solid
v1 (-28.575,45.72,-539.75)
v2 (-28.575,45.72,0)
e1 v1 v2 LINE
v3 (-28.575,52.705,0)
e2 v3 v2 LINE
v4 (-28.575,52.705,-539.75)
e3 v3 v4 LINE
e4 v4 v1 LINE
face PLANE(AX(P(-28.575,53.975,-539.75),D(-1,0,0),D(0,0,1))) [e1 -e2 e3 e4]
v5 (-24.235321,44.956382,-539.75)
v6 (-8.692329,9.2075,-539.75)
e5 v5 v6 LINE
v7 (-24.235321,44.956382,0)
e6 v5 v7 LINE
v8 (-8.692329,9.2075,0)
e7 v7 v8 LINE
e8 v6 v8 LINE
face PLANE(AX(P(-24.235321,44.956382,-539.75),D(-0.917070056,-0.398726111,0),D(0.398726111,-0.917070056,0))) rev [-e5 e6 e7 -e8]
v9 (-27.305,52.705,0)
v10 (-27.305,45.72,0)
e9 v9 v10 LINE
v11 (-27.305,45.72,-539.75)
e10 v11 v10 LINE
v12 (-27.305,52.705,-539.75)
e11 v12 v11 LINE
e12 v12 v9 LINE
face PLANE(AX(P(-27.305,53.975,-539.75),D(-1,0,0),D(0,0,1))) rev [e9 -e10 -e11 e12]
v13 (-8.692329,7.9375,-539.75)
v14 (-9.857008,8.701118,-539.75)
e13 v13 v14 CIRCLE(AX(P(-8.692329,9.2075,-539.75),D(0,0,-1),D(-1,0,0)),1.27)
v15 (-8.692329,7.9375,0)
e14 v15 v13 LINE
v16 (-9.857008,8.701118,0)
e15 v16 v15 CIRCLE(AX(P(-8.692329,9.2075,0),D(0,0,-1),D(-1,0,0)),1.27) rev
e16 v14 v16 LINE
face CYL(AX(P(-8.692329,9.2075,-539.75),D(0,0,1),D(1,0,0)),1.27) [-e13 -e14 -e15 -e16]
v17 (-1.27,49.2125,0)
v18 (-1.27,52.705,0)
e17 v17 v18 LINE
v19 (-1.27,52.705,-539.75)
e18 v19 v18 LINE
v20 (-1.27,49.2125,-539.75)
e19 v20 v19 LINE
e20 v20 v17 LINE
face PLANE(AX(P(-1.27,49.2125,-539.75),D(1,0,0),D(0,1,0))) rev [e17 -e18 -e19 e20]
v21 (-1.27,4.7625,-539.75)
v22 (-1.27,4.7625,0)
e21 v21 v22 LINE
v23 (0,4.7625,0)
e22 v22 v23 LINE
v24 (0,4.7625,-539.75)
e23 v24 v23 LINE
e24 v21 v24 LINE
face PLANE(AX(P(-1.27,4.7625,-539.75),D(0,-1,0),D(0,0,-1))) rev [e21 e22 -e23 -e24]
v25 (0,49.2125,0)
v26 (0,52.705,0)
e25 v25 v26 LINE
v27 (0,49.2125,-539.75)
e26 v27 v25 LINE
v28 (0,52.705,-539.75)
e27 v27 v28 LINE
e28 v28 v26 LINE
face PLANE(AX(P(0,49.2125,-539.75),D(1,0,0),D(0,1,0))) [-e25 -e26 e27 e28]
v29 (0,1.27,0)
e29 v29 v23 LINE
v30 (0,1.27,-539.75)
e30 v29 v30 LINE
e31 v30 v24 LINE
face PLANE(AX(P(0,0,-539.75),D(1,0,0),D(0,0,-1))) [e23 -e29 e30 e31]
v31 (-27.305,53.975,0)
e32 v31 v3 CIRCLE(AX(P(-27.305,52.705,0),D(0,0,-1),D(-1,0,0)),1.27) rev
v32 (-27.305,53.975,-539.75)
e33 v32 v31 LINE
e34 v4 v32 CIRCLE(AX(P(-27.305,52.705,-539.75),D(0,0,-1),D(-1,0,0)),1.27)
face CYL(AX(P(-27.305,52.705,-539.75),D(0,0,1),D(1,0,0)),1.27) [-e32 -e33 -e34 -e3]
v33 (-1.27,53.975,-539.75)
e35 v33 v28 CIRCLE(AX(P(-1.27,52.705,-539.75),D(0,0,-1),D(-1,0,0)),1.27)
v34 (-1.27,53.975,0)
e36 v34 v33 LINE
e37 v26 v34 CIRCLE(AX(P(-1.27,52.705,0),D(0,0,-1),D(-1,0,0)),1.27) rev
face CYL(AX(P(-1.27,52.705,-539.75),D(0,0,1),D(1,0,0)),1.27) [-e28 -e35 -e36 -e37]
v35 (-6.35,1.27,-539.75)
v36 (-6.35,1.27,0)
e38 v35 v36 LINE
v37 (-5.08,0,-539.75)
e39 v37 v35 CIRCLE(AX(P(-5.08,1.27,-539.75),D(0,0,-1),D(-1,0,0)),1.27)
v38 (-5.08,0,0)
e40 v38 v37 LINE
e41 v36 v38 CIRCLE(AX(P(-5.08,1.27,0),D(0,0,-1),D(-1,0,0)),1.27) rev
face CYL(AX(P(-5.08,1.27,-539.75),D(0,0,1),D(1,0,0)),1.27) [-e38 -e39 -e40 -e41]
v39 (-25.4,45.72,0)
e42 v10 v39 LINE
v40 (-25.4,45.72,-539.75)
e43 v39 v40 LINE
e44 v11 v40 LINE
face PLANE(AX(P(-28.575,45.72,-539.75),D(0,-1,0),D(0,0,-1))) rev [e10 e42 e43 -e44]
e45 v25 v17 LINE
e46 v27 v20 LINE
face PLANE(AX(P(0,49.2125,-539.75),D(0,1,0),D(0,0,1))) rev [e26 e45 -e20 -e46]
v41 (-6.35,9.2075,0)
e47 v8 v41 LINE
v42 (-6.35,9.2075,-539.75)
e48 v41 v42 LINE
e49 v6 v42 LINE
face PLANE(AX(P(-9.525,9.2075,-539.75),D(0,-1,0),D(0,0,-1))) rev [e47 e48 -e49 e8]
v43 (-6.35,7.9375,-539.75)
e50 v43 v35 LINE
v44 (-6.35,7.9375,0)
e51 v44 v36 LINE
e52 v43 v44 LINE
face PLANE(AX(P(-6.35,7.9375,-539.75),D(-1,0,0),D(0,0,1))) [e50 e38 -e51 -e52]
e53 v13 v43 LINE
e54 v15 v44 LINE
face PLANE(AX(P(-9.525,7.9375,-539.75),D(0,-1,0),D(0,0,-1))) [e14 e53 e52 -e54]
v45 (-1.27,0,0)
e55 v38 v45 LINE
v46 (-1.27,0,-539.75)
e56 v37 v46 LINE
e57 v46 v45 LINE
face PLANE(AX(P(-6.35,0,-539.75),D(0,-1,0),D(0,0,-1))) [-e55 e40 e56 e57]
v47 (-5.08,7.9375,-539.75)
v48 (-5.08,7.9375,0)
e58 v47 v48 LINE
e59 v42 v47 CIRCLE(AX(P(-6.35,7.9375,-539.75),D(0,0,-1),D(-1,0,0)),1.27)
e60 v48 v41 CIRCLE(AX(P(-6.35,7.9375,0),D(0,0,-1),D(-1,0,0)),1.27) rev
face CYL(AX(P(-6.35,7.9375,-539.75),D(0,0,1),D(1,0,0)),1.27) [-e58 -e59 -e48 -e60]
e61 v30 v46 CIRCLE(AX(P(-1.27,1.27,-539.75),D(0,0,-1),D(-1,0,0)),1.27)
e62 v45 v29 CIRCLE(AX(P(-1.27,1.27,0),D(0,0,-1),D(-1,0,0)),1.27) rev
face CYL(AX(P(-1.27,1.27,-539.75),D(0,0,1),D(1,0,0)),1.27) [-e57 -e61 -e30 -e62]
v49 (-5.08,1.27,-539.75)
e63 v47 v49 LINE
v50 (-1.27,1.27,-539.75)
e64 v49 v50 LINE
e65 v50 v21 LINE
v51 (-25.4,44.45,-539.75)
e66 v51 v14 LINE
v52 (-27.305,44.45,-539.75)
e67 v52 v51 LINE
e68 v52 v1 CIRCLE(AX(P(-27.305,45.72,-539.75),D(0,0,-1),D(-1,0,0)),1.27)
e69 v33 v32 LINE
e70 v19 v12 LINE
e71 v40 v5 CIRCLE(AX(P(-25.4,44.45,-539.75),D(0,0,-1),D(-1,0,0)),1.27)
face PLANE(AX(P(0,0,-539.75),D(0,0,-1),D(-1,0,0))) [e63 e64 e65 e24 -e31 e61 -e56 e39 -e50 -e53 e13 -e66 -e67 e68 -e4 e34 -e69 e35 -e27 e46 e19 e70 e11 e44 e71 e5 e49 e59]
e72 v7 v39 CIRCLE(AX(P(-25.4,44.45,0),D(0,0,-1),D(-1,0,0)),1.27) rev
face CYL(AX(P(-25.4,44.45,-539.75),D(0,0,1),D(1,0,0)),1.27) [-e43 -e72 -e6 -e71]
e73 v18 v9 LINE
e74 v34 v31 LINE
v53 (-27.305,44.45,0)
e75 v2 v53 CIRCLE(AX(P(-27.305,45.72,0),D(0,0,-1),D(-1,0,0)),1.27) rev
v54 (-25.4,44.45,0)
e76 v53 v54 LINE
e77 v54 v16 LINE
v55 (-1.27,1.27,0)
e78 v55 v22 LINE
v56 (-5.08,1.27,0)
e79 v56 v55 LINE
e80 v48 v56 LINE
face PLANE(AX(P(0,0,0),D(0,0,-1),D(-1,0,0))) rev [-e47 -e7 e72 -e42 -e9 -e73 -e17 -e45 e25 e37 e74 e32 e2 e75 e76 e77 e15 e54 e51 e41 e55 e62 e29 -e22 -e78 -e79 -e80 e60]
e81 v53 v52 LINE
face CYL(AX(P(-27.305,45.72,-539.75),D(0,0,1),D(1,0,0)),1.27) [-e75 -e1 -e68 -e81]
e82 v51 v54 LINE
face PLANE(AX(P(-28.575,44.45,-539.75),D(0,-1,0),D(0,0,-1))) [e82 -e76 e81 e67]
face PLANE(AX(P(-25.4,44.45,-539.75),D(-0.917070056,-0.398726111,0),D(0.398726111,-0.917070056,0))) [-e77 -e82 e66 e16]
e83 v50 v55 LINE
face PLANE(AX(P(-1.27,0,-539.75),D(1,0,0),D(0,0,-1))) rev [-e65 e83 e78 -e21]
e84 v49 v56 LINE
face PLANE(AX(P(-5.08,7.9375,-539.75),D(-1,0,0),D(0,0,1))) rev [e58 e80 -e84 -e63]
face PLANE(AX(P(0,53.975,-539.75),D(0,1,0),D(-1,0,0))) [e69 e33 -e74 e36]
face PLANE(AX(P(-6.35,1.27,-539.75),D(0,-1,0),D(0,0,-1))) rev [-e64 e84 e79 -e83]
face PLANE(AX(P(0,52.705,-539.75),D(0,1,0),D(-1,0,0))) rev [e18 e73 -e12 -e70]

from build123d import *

# Parameters (mm, degrees)
EXTRUDE_THIN1_DEPTH = 539.75
FILLET1_R           = 1.27


with BuildPart() as part:
    # Sketch1 → Extrude-Thin1 (new body)
    with BuildSketch(Plane.XY):
        Polygon((0, 49.2125), (0, 53.975), (-28.575, 53.975), (-28.575, 44.45), (-25.4, 44.45), (-9.525, 7.9375), (-6.35, 7.9375), (-6.35, 0), (0, 0), (0, 4.7625), (-1.27, 4.7625), (-1.27, 1.27), (-5.08, 1.27), (-5.08, 9.2075), (-8.692328784, 9.2075), (-24.567328784, 45.72), (-27.305, 45.72), (-27.305, 52.705), (-1.27, 52.705), (-1.27, 49.2125), align=None)
    extrude(amount=-EXTRUDE_THIN1_DEPTH)

    # Fillet1
    fillet1_edges = [part.edges().sort_by_distance(p)[0] for p in [
        (0, 0, -269.875),
        (-6.35, 0, -269.875),
        (-9.525, 7.9375, -269.875),
        (-28.575, 44.45, -269.875),
        (-28.575, 53.975, -269.875),
        (0, 53.975, -269.875),
        (-24.567328784, 45.72, -269.875),
        (-5.08, 9.2075, -269.875),
    ]]
    fillet(fillet1_edges, radius=FILLET1_R)


solid = part.part
